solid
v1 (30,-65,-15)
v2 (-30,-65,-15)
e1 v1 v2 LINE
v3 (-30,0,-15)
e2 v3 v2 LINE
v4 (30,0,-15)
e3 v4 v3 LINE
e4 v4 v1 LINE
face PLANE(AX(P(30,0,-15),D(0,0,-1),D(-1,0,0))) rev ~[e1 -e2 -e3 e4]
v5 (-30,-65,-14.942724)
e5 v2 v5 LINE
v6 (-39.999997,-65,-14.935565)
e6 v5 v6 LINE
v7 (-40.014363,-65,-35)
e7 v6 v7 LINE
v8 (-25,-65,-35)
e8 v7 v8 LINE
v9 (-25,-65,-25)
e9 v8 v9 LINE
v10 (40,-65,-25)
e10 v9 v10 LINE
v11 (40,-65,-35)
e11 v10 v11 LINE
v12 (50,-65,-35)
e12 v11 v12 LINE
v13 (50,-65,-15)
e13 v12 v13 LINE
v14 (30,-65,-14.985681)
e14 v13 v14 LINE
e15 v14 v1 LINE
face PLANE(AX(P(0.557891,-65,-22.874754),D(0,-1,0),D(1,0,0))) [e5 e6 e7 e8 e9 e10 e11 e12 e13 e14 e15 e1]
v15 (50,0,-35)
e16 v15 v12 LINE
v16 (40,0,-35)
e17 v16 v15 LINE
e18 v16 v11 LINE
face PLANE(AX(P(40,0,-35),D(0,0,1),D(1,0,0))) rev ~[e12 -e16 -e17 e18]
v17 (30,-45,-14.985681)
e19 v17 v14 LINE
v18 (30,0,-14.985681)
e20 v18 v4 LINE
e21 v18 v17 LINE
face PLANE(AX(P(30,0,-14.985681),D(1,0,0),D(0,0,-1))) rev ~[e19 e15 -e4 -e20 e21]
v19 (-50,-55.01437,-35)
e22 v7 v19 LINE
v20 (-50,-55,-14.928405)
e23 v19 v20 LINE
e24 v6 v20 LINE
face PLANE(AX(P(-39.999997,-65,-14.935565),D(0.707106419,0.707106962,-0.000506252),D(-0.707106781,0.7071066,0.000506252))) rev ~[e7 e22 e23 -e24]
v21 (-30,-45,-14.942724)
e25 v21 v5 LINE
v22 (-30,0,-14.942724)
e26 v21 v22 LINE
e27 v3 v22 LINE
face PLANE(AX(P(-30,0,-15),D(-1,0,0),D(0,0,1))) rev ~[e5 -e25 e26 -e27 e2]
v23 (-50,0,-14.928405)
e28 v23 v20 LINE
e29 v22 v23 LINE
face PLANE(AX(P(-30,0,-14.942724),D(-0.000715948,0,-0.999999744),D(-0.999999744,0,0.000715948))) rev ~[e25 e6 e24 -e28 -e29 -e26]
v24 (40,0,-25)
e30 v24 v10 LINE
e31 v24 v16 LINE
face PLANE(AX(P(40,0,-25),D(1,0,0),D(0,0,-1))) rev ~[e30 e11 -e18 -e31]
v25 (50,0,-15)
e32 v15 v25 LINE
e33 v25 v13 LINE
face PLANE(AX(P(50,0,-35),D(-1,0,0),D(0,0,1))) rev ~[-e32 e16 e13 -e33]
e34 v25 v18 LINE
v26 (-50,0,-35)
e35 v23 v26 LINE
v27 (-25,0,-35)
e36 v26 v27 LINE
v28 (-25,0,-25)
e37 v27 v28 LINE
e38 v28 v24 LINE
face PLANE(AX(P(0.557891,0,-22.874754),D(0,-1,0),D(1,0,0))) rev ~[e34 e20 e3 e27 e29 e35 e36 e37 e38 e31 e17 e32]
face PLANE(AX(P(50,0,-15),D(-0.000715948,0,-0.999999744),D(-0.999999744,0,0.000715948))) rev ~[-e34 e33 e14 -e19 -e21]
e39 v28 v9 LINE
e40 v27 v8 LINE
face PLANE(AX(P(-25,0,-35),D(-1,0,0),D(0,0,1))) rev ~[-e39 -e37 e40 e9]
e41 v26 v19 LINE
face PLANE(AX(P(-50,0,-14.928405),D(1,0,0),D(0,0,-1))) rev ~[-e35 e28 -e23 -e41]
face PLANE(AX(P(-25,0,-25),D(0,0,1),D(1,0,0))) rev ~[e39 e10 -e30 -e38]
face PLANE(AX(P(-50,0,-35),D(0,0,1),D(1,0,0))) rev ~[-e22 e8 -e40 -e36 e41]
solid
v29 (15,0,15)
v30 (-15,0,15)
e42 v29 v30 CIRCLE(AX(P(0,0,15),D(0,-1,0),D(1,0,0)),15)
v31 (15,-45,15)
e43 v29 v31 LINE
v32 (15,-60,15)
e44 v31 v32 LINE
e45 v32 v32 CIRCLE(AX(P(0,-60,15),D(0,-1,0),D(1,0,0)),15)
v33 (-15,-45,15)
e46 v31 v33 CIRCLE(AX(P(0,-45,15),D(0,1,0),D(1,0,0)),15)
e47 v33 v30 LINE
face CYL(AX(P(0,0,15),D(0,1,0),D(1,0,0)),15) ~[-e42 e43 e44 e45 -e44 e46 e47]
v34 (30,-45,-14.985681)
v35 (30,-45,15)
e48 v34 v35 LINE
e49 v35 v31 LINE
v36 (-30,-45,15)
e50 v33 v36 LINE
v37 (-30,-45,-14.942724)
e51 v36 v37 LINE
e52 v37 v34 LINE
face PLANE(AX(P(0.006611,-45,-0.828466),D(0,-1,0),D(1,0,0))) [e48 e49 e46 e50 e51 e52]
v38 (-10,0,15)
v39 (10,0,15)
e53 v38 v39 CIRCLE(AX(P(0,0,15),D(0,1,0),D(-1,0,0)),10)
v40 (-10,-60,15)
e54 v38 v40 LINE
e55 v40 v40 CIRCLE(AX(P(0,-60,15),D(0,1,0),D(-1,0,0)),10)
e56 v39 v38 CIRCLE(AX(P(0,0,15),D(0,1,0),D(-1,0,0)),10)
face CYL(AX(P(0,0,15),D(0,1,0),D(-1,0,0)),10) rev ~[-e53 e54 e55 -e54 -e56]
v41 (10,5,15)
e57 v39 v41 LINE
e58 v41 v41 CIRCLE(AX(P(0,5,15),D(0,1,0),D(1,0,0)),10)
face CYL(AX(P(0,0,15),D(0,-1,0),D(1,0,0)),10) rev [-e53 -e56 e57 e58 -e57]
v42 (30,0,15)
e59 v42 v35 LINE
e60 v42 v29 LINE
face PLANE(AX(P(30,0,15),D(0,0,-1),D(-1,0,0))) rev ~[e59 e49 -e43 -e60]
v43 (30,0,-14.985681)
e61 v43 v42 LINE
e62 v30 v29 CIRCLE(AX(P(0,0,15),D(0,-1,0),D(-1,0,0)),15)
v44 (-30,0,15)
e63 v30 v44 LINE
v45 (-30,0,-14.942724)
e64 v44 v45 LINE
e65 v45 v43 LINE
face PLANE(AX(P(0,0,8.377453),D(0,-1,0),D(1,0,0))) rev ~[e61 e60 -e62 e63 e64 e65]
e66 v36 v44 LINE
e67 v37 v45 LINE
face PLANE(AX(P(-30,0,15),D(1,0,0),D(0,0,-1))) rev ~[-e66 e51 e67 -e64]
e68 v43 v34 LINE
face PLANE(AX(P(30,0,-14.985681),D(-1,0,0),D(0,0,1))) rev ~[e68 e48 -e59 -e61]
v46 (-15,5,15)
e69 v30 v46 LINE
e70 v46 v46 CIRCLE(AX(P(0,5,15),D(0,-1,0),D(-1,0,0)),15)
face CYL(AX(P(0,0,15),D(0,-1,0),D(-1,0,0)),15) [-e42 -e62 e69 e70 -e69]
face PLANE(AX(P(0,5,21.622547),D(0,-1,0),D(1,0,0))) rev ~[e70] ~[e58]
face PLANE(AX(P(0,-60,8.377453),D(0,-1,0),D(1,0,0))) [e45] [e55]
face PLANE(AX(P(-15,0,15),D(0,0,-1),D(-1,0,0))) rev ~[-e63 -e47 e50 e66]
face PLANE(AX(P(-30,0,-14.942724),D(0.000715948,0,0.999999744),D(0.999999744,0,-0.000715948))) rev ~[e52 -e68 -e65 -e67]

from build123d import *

# Parameters (mm, degrees)
F1_DEPTH = 65
F2_DEPTH = 45
F3_DEPTH = 60
F5_DEPTH = 25
F6_DEPTH = 5
F7_DEPTH = 5


with BuildPart() as f1:
    # F0 (on Front) → F1 (new body)
    with BuildSketch(Plane.XZ):
        Polygon((40, -35), (50, -35), (50, -15), (30, -14.9856810346), (30, -15), (-30, -15), (-30, -14.9427241385), (-50, -14.9284051731), (-50, -35), (-25, -35), (-25, -25), (40, -25), align=None)
    extrude(amount=F1_DEPTH)

    # F4 (on face) → F5 (cut)
    with BuildSketch(Plane(origin=(-0.0107135894, 0, -14.9641949162), x_dir=(0.9999997437, 0, -0.0007159481), z_dir=(0.0007159481, 0, 0.9999997437))):
        Polygon((-39.9892940965, -65), (-49.9892992224, -55), (-49.9892992224, -65), align=None)
    extrude(amount=-F5_DEPTH, mode=Mode.SUBTRACT)



with BuildPart() as f2:
    # F0 (on Front) → F2 (new body)
    with BuildSketch(Plane.XZ):
        with BuildLine():
            Line((-30, -14.9427241385), (30, -14.9856810346))
            Line((30, -14.9856810346), (30, 15))
            Line((30, 15), (15, 15))
            ThreePointArc((15, 15), (0, 0), (-15, 15))
            Line((-15, 15), (-30, 15))
            Line((-30, 15), (-30, -14.9427241385))
        make_face()
    extrude(amount=F2_DEPTH)

    # F0 (on Front) → F3 (join)
    with BuildSketch(Plane.XZ):
        with BuildLine():
            ThreePointArc((-15, 15), (0, 0), (15, 15))
            Line((15, 15), (10, 15))
            ThreePointArc((10, 15), (0, 5), (-10, 15))
            Line((-10, 15), (-15, 15))
        make_face()
        with BuildLine():
            Line((10, 15), (15, 15))
            ThreePointArc((15, 15), (0, 30), (-15, 15))
            Line((-15, 15), (-10, 15))
            ThreePointArc((-10, 15), (0, 25), (10, 15))
        make_face()
    extrude(amount=F3_DEPTH)

    # F0 (on Front) → F6 (join)
    with BuildSketch(Plane.XZ):
        with BuildLine():
            Line((10, 15), (15, 15))
            ThreePointArc((15, 15), (0, 30), (-15, 15))
            Line((-15, 15), (-10, 15))
            ThreePointArc((-10, 15), (0, 25), (10, 15))
        make_face()
        with BuildLine():
            ThreePointArc((-15, 15), (0, 0), (15, 15))
            Line((15, 15), (10, 15))
            ThreePointArc((10, 15), (0, 5), (-10, 15))
            Line((-10, 15), (-15, 15))
        make_face()
    extrude(amount=-F6_DEPTH)


with BuildPart() as f1_1:
    add(f1.part)

    add(f2.part)  # F7 merges F2
    # F0 (on Front) → F7 (join)
    with BuildSketch(Plane.XZ):
        with BuildLine():
            Line((-30, -14.9427241385), (30, -14.9856810346))
            Line((30, -14.9856810346), (30, 15))
            Line((30, 15), (15, 15))
            ThreePointArc((15, 15), (0, 0), (-15, 15))
            Line((-15, 15), (-30, 15))
            Line((-30, 15), (-30, -14.9427241385))
        make_face()
    extrude(amount=F7_DEPTH)


solid = f1_1.part
